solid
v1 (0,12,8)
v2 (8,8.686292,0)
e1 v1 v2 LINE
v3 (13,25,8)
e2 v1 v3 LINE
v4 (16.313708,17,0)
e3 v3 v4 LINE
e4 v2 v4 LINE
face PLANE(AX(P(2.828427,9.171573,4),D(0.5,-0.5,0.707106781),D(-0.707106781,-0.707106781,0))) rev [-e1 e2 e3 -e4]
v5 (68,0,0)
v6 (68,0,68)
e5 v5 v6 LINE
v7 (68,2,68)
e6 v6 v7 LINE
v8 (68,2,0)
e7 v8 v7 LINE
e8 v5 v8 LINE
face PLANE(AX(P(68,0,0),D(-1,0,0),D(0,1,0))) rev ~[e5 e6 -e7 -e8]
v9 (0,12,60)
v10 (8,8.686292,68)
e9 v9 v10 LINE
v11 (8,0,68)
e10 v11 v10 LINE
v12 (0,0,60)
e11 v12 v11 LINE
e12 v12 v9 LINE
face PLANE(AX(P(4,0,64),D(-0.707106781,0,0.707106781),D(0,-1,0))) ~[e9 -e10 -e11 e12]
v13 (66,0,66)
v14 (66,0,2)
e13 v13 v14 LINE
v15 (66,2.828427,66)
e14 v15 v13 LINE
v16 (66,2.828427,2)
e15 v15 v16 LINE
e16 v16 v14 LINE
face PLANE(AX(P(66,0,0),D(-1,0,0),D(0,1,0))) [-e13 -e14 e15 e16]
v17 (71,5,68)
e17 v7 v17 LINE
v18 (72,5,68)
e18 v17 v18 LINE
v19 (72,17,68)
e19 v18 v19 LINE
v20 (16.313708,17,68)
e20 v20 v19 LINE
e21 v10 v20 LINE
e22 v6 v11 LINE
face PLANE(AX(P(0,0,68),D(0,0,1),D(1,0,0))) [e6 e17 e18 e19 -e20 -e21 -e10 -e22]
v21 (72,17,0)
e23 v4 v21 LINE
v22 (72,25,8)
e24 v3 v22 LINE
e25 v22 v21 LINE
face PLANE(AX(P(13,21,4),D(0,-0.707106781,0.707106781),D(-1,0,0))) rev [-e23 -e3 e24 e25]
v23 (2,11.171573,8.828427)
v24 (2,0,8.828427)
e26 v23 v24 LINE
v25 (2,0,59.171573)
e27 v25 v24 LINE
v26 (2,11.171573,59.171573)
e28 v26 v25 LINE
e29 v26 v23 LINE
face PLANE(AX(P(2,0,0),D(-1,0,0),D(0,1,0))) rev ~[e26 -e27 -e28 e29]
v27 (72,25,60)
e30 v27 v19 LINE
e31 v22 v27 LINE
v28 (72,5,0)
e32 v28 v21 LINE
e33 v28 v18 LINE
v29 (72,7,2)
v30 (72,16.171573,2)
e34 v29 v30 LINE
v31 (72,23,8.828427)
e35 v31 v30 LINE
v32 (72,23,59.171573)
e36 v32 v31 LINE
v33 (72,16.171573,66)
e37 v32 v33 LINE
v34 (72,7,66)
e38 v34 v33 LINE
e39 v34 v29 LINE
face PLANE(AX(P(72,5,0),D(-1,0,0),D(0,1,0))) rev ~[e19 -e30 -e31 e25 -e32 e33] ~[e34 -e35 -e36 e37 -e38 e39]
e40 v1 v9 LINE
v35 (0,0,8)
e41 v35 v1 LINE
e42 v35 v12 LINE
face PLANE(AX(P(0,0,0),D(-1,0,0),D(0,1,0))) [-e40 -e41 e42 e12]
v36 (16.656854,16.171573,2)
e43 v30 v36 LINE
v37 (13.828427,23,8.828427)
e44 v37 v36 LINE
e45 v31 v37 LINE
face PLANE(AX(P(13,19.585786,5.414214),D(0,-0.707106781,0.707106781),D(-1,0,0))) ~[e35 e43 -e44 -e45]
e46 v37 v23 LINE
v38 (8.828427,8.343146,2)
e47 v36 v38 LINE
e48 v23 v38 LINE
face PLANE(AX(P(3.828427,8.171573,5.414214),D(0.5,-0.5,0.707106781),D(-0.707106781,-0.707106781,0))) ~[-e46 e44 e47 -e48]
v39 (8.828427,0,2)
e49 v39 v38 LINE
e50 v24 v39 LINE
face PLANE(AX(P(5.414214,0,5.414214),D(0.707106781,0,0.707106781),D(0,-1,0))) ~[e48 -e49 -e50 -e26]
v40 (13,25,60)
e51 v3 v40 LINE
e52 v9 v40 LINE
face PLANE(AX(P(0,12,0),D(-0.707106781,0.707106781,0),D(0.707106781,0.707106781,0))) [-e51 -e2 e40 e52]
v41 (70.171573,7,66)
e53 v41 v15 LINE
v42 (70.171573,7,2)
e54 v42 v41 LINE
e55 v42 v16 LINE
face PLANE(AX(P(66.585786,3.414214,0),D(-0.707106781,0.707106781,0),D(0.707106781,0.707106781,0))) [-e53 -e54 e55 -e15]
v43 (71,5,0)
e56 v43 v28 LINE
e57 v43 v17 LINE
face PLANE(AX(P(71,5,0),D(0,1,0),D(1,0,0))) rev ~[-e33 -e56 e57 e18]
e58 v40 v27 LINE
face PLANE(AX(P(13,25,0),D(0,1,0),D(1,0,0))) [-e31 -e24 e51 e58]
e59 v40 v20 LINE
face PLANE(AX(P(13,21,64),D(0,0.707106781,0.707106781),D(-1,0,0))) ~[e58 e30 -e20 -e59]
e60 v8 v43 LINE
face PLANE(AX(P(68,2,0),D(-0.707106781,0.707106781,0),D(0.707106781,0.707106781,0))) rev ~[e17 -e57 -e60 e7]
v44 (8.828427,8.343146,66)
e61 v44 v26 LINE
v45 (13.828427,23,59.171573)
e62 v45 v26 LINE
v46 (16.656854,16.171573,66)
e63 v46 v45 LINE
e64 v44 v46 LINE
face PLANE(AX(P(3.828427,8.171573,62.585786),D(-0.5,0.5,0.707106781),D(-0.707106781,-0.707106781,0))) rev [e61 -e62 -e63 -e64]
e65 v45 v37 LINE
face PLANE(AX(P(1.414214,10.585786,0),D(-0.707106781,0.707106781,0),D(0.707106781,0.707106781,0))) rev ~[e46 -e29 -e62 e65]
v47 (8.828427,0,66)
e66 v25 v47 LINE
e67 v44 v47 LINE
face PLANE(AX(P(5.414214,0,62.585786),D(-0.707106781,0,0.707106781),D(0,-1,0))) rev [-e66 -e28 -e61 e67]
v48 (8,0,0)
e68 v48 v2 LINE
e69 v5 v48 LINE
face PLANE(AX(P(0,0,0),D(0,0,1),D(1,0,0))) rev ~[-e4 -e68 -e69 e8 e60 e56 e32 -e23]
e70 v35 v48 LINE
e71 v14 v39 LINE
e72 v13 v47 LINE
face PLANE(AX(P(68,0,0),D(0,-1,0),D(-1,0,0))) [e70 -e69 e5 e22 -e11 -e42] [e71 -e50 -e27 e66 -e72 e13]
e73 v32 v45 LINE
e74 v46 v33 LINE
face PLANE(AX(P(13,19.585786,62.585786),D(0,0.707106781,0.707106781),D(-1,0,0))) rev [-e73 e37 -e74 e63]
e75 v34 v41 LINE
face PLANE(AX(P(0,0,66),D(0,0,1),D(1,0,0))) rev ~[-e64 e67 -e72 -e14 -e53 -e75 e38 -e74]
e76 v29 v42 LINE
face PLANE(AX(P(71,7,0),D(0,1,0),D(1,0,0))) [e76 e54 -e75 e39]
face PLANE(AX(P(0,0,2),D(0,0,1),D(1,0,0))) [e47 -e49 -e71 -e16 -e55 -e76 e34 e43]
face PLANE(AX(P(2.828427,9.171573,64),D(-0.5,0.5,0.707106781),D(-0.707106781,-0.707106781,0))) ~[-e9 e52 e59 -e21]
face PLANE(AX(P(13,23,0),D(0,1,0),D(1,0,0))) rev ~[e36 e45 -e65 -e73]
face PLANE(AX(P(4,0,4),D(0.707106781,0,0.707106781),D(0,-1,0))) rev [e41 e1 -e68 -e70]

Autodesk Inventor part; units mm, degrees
ref_plane "YZ Plane" through (0, 0, 0) normal (1, 0, 0) x (0, 1, 0)
ref_plane "XZ Plane" through (0, 0, 0) normal (0, 1, 0) x (-1, 0, 0)
ref_plane "XY Plane" through (0, 0, 0) normal (0, 0, 1) x (1, 0, 0)
sketch "Sketch1" plane through (0, 0, 0) normal (0, 0, 1) x (1, 0, 0)
  line L0 (0, 0) -> (0, 12)
  line L1 (0, 12) -> (13, 25)
  line L2 (13, 25) -> (72, 25)
  line L3 (68, 0) -> (68, 2)
  line L4 (68, 2) -> (71, 5)
  line L5 (71, 5) -> (72, 5)
  line L6 (72, 5) -> (72, 25)
  line L7 (68, 0) -> (0, 0)
  point P0 (34, 0)
  dimension "d1" = 45
  dimension "d2" = 25
  dimension "d3" = 68
  dimension "d4" = 5
  dimension "d5" = 2
  dimension "d6" = 12
  dimension "d7" = 38
extrude "Extrusion1" add sketch "Sketch1" along normal blind 68
chamfer "Chamfer1" distance 8 angle 45 6 edges at (0, 6, 68) (6.5, 18.5, 68) (42.5, 25, 68) (0, 6, 0) (6.5, 18.5, 0) (42.5, 25, 0)
shell "Shell1" thickness 2 removed faces 2 at (48, 0, 45.3333) at (72, 11.6667, 25.3333)
properties part number "power_supply_fan_chamber" material "ABS Plastic"
